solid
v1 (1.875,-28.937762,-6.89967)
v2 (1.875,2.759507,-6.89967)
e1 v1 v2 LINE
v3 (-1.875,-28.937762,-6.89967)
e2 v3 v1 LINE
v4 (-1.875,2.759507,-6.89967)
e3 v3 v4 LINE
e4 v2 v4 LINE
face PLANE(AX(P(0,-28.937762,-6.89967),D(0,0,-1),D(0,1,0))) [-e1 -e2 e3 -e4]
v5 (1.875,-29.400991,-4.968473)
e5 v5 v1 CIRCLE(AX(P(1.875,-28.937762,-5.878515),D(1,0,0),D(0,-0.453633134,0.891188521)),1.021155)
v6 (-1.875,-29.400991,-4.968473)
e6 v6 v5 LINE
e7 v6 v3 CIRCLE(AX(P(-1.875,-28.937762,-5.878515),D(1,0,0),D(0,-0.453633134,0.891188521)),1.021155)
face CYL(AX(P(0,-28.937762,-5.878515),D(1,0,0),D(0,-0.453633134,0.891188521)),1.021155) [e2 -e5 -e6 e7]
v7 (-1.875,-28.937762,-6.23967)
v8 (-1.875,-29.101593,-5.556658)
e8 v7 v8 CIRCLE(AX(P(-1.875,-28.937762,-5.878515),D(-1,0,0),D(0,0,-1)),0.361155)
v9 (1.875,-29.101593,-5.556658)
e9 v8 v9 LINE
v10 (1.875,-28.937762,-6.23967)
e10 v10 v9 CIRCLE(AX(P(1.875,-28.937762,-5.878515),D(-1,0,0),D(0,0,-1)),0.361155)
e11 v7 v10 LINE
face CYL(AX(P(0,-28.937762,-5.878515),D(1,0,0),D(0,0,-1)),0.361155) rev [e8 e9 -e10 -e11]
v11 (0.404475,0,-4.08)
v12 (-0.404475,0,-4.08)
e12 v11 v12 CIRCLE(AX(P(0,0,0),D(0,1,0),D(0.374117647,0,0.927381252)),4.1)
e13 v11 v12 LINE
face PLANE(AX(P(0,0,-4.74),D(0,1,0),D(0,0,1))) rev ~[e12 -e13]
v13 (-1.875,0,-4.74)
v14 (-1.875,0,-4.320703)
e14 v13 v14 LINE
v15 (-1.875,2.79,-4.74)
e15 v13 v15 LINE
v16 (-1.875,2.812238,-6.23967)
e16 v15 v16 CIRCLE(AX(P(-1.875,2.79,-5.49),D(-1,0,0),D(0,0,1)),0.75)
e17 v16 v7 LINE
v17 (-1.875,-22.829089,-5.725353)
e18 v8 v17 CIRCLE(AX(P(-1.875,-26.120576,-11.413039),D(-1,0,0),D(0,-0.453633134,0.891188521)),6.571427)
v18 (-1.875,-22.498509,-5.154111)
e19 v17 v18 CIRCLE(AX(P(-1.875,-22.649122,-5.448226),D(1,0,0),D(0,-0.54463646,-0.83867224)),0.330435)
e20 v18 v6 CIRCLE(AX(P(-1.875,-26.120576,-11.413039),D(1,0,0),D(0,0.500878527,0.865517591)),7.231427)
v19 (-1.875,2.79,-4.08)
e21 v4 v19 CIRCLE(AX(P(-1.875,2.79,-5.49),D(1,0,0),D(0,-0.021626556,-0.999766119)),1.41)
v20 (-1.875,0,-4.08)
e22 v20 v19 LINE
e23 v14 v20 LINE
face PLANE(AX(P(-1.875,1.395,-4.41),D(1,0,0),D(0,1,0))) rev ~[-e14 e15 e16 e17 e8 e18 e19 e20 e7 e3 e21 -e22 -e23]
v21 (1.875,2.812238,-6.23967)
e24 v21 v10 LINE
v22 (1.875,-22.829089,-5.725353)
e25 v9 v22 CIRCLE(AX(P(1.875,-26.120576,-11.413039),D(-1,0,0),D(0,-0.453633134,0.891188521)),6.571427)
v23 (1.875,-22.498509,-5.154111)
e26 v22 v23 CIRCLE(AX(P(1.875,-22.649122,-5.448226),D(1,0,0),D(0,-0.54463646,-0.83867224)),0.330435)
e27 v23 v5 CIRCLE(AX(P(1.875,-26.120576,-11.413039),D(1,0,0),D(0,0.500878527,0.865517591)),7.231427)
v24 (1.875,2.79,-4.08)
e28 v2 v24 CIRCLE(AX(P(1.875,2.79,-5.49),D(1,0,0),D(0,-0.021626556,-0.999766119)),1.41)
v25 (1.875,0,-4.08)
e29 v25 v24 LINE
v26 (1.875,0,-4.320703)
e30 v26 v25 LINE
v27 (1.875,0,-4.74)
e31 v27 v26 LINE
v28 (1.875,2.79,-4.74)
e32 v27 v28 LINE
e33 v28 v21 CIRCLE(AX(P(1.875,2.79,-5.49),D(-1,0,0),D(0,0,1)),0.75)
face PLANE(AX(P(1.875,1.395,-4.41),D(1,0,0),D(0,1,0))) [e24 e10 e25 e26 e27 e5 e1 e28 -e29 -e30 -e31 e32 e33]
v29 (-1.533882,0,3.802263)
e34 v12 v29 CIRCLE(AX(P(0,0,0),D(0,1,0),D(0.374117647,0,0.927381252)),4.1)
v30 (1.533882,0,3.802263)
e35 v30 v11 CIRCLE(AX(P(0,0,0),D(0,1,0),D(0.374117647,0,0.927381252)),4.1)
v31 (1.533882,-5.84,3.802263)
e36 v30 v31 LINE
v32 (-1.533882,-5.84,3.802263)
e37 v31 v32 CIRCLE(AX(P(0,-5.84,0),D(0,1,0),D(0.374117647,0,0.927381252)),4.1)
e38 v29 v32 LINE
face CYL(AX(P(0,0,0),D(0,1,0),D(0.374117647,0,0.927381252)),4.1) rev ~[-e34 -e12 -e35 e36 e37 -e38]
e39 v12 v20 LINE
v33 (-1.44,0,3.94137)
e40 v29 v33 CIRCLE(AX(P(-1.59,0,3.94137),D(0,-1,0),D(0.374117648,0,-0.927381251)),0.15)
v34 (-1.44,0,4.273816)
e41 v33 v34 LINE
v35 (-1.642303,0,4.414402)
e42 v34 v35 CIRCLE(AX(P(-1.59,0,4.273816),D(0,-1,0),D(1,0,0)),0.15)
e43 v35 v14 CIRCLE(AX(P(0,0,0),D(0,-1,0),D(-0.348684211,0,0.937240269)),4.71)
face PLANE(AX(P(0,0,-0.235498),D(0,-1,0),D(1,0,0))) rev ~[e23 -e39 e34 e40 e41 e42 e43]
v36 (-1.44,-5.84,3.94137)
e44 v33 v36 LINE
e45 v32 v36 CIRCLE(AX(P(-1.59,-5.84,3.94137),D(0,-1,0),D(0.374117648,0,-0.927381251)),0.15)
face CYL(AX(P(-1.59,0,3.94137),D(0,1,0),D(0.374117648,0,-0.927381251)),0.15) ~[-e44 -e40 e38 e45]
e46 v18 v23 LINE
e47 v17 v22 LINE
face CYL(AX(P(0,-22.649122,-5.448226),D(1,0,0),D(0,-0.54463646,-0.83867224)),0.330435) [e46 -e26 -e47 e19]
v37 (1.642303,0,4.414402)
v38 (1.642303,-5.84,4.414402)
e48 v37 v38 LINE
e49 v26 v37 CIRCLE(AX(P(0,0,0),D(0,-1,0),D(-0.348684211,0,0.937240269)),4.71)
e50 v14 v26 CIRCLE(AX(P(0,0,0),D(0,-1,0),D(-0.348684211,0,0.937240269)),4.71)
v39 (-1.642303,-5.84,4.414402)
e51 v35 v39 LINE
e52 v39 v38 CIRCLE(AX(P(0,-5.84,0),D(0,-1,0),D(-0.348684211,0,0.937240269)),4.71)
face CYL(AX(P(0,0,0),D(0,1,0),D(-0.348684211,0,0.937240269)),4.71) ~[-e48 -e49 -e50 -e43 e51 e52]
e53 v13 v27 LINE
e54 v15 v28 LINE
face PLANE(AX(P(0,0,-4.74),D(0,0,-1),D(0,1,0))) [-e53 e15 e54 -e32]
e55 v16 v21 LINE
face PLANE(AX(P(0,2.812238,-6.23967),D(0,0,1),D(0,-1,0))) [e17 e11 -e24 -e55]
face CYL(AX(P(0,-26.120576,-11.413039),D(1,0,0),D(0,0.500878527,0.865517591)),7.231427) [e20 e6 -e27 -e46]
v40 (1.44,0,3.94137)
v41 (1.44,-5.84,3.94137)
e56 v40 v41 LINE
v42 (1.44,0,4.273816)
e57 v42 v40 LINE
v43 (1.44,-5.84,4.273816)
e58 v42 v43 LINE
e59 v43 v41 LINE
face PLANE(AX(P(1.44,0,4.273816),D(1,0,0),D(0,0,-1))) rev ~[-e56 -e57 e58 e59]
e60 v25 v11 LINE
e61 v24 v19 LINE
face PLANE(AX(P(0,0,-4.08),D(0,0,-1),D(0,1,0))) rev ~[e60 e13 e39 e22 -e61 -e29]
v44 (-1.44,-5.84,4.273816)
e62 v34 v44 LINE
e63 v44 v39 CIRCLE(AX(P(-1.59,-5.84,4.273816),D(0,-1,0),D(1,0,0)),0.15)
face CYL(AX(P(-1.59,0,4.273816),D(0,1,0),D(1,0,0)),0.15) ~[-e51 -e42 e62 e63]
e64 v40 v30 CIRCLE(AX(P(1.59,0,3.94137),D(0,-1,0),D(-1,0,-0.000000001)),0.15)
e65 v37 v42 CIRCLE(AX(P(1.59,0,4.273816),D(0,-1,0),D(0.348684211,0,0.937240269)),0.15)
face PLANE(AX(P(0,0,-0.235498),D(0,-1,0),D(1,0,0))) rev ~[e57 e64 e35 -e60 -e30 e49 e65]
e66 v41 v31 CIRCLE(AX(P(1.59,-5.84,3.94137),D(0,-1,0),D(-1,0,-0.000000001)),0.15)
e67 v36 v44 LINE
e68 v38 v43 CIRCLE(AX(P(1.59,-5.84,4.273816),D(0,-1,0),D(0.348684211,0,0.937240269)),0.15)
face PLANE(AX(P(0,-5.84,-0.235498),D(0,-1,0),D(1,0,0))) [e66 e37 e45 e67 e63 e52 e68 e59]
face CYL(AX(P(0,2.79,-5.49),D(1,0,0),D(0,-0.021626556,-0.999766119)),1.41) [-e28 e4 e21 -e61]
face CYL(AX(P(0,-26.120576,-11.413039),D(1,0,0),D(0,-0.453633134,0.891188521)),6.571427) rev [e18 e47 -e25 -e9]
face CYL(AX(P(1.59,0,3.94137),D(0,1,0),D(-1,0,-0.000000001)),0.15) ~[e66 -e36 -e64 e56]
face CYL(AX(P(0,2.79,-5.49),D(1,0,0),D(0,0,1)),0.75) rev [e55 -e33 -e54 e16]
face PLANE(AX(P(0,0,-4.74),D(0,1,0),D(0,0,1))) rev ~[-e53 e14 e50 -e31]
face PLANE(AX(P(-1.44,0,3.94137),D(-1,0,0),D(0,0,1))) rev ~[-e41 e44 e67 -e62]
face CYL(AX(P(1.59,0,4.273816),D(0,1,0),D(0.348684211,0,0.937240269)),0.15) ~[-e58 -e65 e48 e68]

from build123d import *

# Parameters (mm, degrees)
F1_DEPTH = 5.84
F2_W     = 2.79
F2_H     = 0.66
F3_DEPTH = 1.875


with BuildPart() as f1:
    # F0 (on Front) → F1 (new body)
    with BuildSketch(Plane.XZ):
        with BuildLine():
            ThreePointArc((1.5338823529, 3.8022631323), (0, -4.1), (-1.5338823529, 3.8022631323))
            ThreePointArc((-1.5338823529, 3.8022631323), (-1.4656664827, 3.8574586018), (-1.44, 3.9413703201))
            Line((-1.44, 3.9413703201), (-1.44, 4.2738156254))
            ThreePointArc((-1.44, 4.2738156254), (-1.5044003351, 4.3969931289), (-1.6423026316, 4.4144016657))
            ThreePointArc((-1.6423026316, 4.4144016657), (0, -4.71), (1.6423026316, 4.4144016657))
            ThreePointArc((1.6423026316, 4.4144016657), (1.5044003351, 4.3969931289), (1.44, 4.2738156254))
            Line((1.44, 4.2738156254), (1.44, 3.9413703201))
            ThreePointArc((1.44, 3.9413703201), (1.4656664827, 3.8574586018), (1.5338823529, 3.8022631323))
        make_face()
    extrude(amount=F1_DEPTH)

    # F2 (on Right) → F3 (join, symmetric)
    with BuildSketch(Plane.YZ):
        with Locations((1.395, -4.41)):
            Rectangle(F2_W, F2_H)
        with BuildLine():
            Line((2.79, -4.08), (2.79, -4.74))
            ThreePointArc((2.79, -4.74), (3.5399175523, -5.4788795349), (2.8122384852, -6.2396702274))
            ThreePointArc((2.8122384852, -6.2396702274), (2.79, -6.24), (2.7677615148, -6.2396702274))
            Line((2.7677615148, -6.2396702274), (-28.9377615148, -6.2396702274))
            ThreePointArc((-28.9377615148, -6.2396702274), (-29.2889547374, -5.9627547168), (-29.1015934199, -5.5566579103))
            ThreePointArc((-29.1015934199, -5.5566579103), (-25.9439060993, -4.8439864519), (-22.8290893137, -5.7253525592))
            ThreePointArc((-22.8290893137, -5.7253525592), (-22.363124468, -5.613733552), (-22.4985094857, -5.154110949))
            ThreePointArc((-22.4985094857, -5.154110949), (-25.9261622728, -4.1842250127), (-29.4009912886, -4.9684734867))
            ThreePointArc((-29.4009912886, -4.9684734867), (-29.9307497668, -6.1166999675), (-28.9377615148, -6.8996702274))
            Line((-28.9377615148, -6.8996702274), (2.7595065561, -6.8996702274))
            ThreePointArc((2.7595065561, -6.8996702274), (4.1999175544, -5.5052476135), (2.79, -4.08))
        make_face()
        with BuildLine():
            ThreePointArc((2.7677615148, -6.2396702274), (2.79, -6.24), (2.8122384852, -6.2396702274))
            Line((2.8122384852, -6.2396702274), (2.7677615148, -6.2396702274))
        make_face()
    extrude(amount=F3_DEPTH, both=True)


solid = f1.part
